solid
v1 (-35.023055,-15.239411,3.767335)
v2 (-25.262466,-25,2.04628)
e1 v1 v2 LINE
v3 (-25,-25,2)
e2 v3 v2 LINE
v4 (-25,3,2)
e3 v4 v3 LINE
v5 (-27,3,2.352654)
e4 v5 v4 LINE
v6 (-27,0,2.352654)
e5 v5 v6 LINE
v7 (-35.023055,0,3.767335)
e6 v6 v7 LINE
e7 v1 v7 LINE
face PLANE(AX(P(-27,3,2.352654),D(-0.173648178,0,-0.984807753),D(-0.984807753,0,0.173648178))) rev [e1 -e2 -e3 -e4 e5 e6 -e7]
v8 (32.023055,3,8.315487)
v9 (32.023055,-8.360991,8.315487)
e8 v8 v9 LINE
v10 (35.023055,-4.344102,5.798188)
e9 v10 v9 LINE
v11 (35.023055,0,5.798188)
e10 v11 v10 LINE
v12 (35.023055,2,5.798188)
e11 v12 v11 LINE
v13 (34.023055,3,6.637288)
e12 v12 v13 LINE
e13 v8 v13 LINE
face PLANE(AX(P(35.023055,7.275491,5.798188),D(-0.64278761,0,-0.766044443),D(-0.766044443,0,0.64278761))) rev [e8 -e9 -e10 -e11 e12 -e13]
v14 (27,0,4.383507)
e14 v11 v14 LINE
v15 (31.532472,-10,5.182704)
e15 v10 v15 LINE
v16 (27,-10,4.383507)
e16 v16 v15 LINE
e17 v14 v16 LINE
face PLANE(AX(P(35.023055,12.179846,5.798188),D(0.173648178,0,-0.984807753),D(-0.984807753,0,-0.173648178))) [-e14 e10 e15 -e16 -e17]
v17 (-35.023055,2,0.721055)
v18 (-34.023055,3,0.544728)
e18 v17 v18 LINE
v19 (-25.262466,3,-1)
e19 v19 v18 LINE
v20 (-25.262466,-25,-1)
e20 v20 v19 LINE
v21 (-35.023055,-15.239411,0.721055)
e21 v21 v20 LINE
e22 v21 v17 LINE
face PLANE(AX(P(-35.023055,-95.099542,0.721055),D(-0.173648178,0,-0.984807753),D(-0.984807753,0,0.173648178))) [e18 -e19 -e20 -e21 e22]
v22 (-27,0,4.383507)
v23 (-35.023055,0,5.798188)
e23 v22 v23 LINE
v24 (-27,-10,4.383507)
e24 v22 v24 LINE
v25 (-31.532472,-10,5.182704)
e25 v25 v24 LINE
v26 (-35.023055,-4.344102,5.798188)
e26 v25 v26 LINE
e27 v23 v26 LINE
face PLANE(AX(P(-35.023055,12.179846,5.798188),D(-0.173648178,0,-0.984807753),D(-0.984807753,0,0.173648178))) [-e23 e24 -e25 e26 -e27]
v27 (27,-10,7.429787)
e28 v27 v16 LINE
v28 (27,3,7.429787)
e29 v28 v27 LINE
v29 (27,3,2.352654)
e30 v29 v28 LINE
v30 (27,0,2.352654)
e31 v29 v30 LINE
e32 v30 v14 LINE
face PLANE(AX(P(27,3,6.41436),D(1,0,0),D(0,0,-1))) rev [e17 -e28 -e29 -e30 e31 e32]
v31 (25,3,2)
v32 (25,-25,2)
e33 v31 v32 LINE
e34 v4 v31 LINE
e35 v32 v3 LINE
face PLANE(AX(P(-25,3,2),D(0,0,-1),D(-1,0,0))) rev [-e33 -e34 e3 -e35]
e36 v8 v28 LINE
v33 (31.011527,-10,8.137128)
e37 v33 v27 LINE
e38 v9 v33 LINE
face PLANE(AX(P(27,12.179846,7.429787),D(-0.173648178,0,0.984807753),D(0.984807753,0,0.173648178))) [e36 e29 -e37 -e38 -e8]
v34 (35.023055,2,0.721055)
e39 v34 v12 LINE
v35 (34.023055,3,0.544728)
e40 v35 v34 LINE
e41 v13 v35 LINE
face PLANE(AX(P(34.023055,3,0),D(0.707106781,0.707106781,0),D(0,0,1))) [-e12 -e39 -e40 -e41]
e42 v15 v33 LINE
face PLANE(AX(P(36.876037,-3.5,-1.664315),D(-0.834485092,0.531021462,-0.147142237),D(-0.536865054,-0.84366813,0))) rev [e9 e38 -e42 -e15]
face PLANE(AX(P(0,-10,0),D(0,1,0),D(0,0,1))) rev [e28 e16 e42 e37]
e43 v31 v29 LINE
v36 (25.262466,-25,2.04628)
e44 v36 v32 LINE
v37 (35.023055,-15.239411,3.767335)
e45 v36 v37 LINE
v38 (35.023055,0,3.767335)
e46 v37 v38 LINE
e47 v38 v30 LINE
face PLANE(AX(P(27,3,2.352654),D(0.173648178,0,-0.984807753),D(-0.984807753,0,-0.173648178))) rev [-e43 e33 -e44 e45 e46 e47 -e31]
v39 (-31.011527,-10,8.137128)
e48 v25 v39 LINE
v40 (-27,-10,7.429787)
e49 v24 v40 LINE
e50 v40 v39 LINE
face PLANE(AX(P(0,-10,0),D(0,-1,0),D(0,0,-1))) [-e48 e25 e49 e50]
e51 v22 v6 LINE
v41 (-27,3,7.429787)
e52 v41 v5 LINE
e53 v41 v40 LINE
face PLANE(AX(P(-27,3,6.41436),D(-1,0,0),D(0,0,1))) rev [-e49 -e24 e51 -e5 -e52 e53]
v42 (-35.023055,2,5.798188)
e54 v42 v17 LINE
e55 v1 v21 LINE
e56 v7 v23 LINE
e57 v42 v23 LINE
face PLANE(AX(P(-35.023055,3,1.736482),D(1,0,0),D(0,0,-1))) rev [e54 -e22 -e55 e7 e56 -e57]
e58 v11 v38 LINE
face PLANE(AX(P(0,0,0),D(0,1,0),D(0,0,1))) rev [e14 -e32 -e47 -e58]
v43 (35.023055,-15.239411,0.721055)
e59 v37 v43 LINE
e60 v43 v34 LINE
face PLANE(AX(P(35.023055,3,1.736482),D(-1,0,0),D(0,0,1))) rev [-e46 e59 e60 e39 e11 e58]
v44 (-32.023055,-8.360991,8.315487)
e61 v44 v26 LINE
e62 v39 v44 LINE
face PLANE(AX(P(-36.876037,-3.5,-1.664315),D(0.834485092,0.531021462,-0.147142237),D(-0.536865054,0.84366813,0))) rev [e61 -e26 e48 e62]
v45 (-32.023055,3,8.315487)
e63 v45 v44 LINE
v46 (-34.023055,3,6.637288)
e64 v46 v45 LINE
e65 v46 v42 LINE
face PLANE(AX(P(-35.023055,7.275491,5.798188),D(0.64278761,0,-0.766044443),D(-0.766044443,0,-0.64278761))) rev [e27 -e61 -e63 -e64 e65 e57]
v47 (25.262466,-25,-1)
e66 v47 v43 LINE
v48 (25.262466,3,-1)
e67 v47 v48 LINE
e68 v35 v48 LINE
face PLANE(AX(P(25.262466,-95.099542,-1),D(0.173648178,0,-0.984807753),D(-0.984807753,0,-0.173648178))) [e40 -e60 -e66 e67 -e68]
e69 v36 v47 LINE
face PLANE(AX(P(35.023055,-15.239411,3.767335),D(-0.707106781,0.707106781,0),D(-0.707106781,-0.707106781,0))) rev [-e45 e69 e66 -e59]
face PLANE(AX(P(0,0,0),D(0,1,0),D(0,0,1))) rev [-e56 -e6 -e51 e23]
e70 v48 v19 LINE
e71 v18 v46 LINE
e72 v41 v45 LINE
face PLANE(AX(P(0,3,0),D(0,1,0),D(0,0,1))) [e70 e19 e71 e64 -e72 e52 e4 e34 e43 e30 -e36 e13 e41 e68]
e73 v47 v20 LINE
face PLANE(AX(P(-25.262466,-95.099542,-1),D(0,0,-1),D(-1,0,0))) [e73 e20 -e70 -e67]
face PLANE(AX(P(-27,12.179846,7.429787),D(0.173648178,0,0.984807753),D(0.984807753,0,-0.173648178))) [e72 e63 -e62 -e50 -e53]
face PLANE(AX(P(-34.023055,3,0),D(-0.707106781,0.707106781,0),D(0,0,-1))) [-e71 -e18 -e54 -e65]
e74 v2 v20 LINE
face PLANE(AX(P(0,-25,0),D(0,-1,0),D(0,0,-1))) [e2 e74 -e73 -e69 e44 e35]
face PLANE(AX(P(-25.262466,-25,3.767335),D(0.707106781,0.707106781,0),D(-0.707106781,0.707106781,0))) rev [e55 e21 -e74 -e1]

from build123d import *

# Parameters (mm, degrees)
BOSS_EXTRUDE1_DEPTH = 3
BOSS_EXTRUDE2_DEPTH = 25
BOSS_EXTRUDE3_START = -3
BOSS_EXTRUDE3_DEPTH = 13
BOSS_EXTRUDE5_DEPTH = 28
CUT_EXTRUDE9_START  = -4.767335
CUT_EXTRUDE9_DEPTH  = 4.767335
CUT_EXTRUDE10_DEPTH = 3
CUT_EXTRUDE11_DEPTH = 3
CUT_EXTRUDE14_START = -13
CUT_EXTRUDE14_DEPTH = 11.360991
CUT_EXTRUDE15_START = -13
CUT_EXTRUDE15_DEPTH = 11.360991
CHAMFER4_SIZE       = 1


with BuildPart() as part:
    # Sketch12 → Boss-Extrude1 (new body)
    with BuildSketch(Plane(origin=(0, 0, 0), x_dir=(1, 0, 0), z_dir=(0, 1, 0))):
        Polygon((-27, -6.414360409), (-27, -2.352653961), (-25, -2), (25, -2), (27, -2.352653961), (27, -6.414360409), (35.023054857, -7.829041448), (35.023054857, -1.736481777), (25.174977327, 0), (-25.174977327, 0), (-35.023054857, -1.736481777), (-35.023054857, -7.829041448), align=None)
    extrude(amount=BOSS_EXTRUDE1_DEPTH)

    # Sketch13 → Boss-Extrude2 (add)
    with BuildSketch(Plane.XZ):
        Polygon((25.174977327, 0), (35.023054857, 1.736481777), (35.023054857, 3.767335), (27, 2.352653961), (25, 2), (-25, 2), (-27, 2.352653961), (-35.023054857, 3.767335), (-35.023054857, 1.736481777), (-25.174977327, 0), align=None)
    extrude(amount=BOSS_EXTRUDE2_DEPTH)

    # Sketch14 → Boss-Extrude3 (add)
    with BuildSketch(Plane.XZ.offset(BOSS_EXTRUDE3_START)):
        Polygon((-35.023054857, 5.798188224), (-27, 4.383507185), (-27, 7.429787021), (-35.023054857, 8.84446806), align=None)
        Polygon((27, 7.429787021), (35.023054857, 8.84446806), (35.023054857, 5.798188224), (27, 4.383507185), align=None)
    extrude(amount=BOSS_EXTRUDE3_DEPTH)

    # Sketch24 → Boss-Extrude5 (add)
    with BuildSketch(Plane(origin=(0, 3, 0), x_dir=(1, 0, 0), z_dir=(0, 1, 0))):
        Polygon((-35.023054857, -0.721055165), (-25.262465991, 1), (25.262465991, 1), (35.023054857, -0.721055165), (35.023054857, -1.736481777), (25.174977327, 0), (-25.174977327, 0), (-35.023054857, -1.736481777), align=None)
    extrude(amount=-BOSS_EXTRUDE5_DEPTH)

    # Sketch26 → Cut-Extrude9 (cut)
    with BuildSketch(Plane(origin=(0, 0, -1), x_dir=(-1, 0, 0), z_dir=(0, 0, -1)).offset(CUT_EXTRUDE9_START)):
        Polygon((-25.262465991, -25), (-35.023054857, -25), (-35.023054857, -15.239411133), align=None)
        Polygon((25.262465991, -25), (35.023054857, -15.239411133), (35.023054857, -25), align=None)
    extrude(amount=CUT_EXTRUDE9_DEPTH, mode=Mode.SUBTRACT)

    # Sketch27 → Cut-Extrude10 (cut)
    with BuildSketch(Plane(origin=(0.456418791, 0, 2.588479594), x_dir=(0.9848077530121054, 0, -0.17364817766751295), z_dir=(0.17364817766751295, 0, 0.9848077530121054))):
        Polygon((-36.026801719, -3.5), (-31.953390013, -10), (-36.026801719, -10), align=None)
    extrude(amount=-CUT_EXTRUDE10_DEPTH, mode=Mode.SUBTRACT)

    # Sketch28 → Cut-Extrude11 (cut)
    with BuildSketch(Plane(origin=(-0.456418791, 0, 2.588479594), x_dir=(0.9848077530121067, 0, 0.17364817766750618), z_dir=(-0.17364817766750618, 0, 0.9848077530121067))):
        Polygon((36.026801719, -3.5), (31.953390013, -10), (36.026801719, -10), align=None)
    extrude(amount=-CUT_EXTRUDE11_DEPTH, mode=Mode.SUBTRACT)

    # Sketch31 → Cut-Extrude14 (cut)
    with BuildSketch(Plane.XZ.offset(10).offset(CUT_EXTRUDE14_START)):
        Polygon((35.023054857, 5.798188224), (32.023054857, 8.315487118), (35.023054857, 8.84446806), align=None)
    extrude(amount=CUT_EXTRUDE14_DEPTH, mode=Mode.SUBTRACT)

    # Sketch33 → Cut-Extrude15 (cut)
    with BuildSketch(Plane.XZ.offset(10).offset(CUT_EXTRUDE15_START)):
        Polygon((-35.023054857, 5.798188224), (-32.023054857, 8.315487118), (-35.023054857, 8.84446806), align=None)
    extrude(amount=CUT_EXTRUDE15_DEPTH, mode=Mode.SUBTRACT)

    # Chamfer4
    chamfer4_edges = [part.edges().sort_by_distance(p)[0] for p in [
        (35.023054857, 3, 3.259621695),
        (-35.023054857, 3, 3.259621695),
    ]]
    chamfer(chamfer4_edges, length=CHAMFER4_SIZE)


solid = part.part
